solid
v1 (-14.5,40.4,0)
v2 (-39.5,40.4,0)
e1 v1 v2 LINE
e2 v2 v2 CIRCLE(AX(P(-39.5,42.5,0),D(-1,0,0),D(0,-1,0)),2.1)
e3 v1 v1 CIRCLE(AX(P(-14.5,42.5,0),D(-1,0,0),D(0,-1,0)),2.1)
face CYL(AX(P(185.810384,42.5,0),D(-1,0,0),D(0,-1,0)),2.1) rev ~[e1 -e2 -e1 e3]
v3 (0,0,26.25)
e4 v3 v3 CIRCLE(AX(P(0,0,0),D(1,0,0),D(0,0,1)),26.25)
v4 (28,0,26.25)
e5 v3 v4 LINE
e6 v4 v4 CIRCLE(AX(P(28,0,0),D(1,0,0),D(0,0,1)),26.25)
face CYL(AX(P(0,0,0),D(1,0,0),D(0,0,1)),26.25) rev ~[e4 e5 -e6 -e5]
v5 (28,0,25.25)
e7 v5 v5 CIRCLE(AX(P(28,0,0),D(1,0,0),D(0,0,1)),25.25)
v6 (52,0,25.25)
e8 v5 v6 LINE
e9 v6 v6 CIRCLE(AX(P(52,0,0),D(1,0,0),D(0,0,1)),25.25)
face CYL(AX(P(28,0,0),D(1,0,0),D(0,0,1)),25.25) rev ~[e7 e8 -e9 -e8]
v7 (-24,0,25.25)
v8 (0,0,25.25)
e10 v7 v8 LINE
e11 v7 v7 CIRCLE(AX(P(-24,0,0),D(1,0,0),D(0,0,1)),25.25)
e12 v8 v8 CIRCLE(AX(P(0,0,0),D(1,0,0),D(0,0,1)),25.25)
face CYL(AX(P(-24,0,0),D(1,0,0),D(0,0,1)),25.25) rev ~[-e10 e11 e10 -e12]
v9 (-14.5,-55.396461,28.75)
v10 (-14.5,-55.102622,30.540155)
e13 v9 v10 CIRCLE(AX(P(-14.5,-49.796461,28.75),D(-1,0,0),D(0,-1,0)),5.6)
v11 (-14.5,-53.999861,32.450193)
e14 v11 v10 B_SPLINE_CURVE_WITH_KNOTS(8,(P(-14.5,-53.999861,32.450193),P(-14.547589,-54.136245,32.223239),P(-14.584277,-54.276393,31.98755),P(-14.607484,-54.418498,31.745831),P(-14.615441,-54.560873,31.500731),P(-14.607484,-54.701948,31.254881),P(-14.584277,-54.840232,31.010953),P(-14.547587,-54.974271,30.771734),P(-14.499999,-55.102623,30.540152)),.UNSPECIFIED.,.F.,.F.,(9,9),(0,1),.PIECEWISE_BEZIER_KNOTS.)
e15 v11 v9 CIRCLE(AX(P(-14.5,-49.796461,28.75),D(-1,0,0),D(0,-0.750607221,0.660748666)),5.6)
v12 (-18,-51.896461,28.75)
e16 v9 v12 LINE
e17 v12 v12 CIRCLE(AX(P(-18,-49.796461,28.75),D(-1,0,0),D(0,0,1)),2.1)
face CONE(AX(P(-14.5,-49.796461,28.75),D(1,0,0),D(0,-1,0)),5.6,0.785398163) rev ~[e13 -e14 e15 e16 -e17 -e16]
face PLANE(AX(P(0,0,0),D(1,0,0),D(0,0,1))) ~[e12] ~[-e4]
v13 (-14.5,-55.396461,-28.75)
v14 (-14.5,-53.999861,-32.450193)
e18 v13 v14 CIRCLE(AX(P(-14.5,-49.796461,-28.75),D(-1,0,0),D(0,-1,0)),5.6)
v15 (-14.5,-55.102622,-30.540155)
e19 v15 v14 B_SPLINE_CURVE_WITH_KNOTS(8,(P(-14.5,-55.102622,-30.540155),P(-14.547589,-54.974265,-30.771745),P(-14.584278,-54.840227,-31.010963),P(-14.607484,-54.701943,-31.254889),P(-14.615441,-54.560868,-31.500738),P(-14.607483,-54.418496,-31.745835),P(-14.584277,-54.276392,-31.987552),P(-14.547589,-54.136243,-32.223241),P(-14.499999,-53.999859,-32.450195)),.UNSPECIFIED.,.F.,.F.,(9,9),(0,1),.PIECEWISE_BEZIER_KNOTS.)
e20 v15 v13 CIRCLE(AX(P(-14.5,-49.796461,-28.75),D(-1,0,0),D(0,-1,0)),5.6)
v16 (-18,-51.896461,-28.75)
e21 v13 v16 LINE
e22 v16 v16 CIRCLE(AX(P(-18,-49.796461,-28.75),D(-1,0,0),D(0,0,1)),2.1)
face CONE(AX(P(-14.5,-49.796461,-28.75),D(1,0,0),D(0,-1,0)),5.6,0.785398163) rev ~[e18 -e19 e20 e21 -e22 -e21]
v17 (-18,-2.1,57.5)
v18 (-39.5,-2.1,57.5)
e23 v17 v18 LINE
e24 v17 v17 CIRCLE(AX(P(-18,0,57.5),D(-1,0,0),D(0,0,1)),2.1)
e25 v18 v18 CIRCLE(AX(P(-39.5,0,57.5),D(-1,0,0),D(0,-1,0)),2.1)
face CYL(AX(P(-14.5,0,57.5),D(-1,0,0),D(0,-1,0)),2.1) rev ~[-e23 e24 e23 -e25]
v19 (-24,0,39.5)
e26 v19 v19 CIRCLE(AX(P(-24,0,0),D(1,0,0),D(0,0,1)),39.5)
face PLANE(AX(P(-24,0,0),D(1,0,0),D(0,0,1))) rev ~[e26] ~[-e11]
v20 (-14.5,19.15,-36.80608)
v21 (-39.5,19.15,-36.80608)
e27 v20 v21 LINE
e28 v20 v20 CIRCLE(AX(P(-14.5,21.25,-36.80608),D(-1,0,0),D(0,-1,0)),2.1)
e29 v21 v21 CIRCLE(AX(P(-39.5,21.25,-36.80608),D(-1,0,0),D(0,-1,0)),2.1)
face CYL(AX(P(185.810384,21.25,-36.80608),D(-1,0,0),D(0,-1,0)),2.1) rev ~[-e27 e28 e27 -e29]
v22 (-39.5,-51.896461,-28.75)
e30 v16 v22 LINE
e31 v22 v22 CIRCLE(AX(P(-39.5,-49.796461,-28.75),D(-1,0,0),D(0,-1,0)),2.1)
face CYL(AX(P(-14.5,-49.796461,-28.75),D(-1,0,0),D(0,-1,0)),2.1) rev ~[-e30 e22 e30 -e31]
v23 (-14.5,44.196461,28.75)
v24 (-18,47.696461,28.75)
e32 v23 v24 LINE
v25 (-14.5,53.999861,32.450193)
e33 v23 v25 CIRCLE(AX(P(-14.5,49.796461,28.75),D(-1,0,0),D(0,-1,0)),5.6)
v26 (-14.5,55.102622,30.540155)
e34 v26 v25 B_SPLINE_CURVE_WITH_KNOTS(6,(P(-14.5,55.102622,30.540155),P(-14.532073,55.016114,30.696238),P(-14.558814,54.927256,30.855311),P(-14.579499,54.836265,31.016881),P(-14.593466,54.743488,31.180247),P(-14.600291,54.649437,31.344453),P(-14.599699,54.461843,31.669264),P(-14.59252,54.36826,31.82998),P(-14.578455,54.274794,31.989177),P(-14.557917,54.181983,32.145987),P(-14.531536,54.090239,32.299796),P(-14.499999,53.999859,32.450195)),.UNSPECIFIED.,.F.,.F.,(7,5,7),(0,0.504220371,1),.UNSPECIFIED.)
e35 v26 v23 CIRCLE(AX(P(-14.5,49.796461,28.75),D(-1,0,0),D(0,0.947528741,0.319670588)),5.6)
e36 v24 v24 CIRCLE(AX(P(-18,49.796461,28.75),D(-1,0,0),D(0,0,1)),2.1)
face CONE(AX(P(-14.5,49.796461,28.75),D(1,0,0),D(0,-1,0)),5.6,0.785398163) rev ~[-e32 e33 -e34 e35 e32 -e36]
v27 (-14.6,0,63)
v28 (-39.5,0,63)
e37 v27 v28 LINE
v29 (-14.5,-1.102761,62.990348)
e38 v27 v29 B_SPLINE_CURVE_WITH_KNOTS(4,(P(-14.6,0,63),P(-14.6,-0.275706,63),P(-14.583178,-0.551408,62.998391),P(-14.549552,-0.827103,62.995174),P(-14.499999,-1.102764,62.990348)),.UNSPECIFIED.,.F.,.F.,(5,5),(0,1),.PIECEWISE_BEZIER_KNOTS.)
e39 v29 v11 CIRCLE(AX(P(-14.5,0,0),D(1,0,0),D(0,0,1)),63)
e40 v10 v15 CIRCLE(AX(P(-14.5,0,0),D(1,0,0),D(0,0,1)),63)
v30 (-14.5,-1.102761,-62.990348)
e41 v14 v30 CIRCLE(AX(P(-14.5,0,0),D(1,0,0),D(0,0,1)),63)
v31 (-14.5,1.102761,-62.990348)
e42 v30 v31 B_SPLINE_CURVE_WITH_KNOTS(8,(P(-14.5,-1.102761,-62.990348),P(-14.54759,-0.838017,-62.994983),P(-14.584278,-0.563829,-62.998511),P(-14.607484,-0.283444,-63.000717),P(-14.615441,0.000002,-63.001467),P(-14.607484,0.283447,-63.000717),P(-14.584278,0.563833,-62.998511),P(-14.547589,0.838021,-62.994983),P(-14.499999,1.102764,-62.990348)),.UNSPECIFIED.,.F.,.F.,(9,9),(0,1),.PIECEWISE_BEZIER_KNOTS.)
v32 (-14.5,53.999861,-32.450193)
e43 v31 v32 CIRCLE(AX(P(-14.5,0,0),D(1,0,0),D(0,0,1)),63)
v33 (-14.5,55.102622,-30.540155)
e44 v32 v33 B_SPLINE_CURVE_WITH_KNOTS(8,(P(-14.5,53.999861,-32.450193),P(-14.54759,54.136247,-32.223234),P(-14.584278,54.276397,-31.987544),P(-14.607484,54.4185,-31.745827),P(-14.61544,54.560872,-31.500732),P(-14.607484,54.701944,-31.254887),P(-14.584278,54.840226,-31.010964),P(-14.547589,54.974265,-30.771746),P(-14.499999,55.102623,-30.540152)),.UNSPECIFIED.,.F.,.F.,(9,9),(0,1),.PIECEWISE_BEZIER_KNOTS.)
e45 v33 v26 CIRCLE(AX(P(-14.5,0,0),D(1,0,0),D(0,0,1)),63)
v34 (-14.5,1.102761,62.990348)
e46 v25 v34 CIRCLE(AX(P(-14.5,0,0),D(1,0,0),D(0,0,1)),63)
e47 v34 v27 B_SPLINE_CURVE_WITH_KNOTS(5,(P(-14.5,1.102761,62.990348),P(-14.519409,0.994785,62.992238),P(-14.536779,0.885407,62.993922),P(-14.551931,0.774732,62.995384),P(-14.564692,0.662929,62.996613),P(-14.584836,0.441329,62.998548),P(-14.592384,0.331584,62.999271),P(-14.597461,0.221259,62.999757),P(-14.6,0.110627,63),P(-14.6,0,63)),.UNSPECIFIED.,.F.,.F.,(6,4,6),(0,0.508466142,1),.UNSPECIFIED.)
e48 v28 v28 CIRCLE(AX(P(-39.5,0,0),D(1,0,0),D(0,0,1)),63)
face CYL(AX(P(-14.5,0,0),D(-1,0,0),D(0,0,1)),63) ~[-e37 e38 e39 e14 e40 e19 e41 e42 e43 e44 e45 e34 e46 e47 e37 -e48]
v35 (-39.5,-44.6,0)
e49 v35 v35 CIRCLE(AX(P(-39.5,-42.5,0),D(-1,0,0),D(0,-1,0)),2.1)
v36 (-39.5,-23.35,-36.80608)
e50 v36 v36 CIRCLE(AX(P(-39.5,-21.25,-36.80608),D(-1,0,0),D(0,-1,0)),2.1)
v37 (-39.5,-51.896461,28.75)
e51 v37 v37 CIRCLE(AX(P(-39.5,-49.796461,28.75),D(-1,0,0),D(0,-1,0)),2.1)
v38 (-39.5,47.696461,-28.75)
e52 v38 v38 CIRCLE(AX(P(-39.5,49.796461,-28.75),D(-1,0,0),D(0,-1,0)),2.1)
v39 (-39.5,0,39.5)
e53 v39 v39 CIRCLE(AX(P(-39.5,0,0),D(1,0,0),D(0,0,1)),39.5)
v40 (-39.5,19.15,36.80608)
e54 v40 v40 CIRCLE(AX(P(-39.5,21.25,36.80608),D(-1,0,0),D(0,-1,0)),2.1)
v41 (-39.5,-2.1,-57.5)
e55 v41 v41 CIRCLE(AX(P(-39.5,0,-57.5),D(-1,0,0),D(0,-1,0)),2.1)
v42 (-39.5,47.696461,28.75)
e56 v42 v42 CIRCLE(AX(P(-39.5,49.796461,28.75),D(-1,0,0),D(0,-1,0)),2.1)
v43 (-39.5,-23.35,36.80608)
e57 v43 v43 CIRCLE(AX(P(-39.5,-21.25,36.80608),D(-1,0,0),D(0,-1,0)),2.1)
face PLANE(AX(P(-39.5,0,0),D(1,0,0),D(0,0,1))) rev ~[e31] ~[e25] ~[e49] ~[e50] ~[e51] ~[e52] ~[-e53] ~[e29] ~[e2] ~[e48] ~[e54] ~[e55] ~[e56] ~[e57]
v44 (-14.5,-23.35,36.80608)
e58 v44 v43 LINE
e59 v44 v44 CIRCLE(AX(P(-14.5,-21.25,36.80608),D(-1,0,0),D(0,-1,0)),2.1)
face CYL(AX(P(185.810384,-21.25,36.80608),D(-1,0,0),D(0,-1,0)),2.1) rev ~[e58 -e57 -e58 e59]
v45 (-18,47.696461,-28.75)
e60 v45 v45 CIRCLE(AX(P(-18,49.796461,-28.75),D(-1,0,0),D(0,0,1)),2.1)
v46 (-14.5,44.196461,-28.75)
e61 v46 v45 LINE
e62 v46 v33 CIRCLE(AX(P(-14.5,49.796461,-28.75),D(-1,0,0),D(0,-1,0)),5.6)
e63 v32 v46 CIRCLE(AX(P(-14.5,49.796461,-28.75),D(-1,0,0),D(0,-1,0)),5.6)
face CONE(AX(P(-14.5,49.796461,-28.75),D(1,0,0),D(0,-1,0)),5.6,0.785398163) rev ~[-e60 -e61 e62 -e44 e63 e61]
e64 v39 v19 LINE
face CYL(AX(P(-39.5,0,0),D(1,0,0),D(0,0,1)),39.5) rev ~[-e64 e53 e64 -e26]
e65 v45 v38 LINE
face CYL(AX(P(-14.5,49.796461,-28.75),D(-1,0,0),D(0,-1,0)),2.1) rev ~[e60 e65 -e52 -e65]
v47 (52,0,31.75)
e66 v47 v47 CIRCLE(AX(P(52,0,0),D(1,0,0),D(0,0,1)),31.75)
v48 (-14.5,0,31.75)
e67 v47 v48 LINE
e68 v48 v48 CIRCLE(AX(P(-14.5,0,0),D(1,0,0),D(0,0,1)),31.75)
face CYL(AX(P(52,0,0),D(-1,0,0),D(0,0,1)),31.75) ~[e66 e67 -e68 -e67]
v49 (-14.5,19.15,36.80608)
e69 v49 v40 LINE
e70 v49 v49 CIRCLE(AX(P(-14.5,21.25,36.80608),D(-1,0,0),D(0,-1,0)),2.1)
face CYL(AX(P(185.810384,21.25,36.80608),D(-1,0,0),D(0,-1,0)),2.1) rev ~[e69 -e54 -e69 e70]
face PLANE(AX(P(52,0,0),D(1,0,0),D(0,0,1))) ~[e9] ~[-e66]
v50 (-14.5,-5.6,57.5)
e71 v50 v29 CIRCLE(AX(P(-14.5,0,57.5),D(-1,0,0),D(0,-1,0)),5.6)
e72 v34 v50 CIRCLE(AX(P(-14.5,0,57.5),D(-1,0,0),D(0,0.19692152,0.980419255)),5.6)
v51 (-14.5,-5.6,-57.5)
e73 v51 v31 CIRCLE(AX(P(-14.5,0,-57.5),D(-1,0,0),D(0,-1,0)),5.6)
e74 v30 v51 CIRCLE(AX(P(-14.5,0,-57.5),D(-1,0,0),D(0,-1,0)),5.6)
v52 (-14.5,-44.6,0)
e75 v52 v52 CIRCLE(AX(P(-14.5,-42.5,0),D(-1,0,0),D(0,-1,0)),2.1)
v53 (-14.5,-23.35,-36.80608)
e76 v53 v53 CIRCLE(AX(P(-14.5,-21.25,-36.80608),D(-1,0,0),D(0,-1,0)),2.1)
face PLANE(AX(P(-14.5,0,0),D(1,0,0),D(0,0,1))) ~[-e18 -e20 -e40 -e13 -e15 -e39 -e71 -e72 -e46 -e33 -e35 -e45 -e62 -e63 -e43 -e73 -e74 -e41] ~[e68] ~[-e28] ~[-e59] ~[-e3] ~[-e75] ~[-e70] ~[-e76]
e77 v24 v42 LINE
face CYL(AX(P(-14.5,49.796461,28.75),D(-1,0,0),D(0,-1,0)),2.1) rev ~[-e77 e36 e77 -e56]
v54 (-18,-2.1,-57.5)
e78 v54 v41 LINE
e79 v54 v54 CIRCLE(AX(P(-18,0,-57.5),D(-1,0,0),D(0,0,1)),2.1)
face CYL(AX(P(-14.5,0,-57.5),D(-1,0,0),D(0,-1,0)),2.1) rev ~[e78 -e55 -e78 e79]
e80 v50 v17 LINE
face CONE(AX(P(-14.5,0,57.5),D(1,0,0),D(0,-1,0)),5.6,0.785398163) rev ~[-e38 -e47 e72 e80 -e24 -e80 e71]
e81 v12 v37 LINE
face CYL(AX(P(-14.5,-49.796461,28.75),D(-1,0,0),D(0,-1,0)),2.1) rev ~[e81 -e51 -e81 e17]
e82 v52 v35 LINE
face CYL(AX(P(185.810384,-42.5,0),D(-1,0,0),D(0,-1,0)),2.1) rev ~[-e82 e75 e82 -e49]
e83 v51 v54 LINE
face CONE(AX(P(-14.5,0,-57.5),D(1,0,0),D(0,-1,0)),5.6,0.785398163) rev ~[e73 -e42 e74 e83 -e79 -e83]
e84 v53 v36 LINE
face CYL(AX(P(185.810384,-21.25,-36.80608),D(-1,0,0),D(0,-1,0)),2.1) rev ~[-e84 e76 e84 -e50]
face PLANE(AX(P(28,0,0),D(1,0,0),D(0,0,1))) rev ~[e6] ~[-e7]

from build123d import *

# Parameters (mm, degrees)
F3_D           = 4.2
F3_CSINK_D     = 11.2
F3_CSINK_ANGLE = 90
F5_D           = 4.2


with BuildPart() as f1:
    # F0 (on Front) → F1 (revolve)
    with BuildSketch(Plane.XZ):
        Polygon((28, 25.25), (52, 25.25), (52, 31.75), (-14.5, 31.75), (-14.5, 63), (-39.5, 63), (-39.5, 39.5), (-24, 39.5), (-24, 25.25), (0, 25.25), (0, 26.25), (28, 26.25), align=None)
    revolve(axis=Axis((7.4011684002, 0, 0), (1, 0, 0)))

    # F3 (through all)
    with Locations(Plane.YZ.offset(-14.5)):
        with Locations((0, 57.5), (49.7964607176, 28.75), (49.7964607176, -28.75), (-49.7964607176, -28.75), (0, -57.5), (-49.7964607176, 28.75)):
            CounterSinkHole(F3_D / 2, F3_CSINK_D / 2, counter_sink_angle=F3_CSINK_ANGLE)

    # F5 (through all)
    with Locations(Plane.YZ.offset(-14.5)):
        with Locations((-21.25, 36.8060796608), (21.25, 36.8060796608), (42.5, 0), (21.25, -36.8060796608), (-21.25, -36.8060796608), (-42.5, 0)):
            Hole(F5_D / 2)


solid = f1.part
